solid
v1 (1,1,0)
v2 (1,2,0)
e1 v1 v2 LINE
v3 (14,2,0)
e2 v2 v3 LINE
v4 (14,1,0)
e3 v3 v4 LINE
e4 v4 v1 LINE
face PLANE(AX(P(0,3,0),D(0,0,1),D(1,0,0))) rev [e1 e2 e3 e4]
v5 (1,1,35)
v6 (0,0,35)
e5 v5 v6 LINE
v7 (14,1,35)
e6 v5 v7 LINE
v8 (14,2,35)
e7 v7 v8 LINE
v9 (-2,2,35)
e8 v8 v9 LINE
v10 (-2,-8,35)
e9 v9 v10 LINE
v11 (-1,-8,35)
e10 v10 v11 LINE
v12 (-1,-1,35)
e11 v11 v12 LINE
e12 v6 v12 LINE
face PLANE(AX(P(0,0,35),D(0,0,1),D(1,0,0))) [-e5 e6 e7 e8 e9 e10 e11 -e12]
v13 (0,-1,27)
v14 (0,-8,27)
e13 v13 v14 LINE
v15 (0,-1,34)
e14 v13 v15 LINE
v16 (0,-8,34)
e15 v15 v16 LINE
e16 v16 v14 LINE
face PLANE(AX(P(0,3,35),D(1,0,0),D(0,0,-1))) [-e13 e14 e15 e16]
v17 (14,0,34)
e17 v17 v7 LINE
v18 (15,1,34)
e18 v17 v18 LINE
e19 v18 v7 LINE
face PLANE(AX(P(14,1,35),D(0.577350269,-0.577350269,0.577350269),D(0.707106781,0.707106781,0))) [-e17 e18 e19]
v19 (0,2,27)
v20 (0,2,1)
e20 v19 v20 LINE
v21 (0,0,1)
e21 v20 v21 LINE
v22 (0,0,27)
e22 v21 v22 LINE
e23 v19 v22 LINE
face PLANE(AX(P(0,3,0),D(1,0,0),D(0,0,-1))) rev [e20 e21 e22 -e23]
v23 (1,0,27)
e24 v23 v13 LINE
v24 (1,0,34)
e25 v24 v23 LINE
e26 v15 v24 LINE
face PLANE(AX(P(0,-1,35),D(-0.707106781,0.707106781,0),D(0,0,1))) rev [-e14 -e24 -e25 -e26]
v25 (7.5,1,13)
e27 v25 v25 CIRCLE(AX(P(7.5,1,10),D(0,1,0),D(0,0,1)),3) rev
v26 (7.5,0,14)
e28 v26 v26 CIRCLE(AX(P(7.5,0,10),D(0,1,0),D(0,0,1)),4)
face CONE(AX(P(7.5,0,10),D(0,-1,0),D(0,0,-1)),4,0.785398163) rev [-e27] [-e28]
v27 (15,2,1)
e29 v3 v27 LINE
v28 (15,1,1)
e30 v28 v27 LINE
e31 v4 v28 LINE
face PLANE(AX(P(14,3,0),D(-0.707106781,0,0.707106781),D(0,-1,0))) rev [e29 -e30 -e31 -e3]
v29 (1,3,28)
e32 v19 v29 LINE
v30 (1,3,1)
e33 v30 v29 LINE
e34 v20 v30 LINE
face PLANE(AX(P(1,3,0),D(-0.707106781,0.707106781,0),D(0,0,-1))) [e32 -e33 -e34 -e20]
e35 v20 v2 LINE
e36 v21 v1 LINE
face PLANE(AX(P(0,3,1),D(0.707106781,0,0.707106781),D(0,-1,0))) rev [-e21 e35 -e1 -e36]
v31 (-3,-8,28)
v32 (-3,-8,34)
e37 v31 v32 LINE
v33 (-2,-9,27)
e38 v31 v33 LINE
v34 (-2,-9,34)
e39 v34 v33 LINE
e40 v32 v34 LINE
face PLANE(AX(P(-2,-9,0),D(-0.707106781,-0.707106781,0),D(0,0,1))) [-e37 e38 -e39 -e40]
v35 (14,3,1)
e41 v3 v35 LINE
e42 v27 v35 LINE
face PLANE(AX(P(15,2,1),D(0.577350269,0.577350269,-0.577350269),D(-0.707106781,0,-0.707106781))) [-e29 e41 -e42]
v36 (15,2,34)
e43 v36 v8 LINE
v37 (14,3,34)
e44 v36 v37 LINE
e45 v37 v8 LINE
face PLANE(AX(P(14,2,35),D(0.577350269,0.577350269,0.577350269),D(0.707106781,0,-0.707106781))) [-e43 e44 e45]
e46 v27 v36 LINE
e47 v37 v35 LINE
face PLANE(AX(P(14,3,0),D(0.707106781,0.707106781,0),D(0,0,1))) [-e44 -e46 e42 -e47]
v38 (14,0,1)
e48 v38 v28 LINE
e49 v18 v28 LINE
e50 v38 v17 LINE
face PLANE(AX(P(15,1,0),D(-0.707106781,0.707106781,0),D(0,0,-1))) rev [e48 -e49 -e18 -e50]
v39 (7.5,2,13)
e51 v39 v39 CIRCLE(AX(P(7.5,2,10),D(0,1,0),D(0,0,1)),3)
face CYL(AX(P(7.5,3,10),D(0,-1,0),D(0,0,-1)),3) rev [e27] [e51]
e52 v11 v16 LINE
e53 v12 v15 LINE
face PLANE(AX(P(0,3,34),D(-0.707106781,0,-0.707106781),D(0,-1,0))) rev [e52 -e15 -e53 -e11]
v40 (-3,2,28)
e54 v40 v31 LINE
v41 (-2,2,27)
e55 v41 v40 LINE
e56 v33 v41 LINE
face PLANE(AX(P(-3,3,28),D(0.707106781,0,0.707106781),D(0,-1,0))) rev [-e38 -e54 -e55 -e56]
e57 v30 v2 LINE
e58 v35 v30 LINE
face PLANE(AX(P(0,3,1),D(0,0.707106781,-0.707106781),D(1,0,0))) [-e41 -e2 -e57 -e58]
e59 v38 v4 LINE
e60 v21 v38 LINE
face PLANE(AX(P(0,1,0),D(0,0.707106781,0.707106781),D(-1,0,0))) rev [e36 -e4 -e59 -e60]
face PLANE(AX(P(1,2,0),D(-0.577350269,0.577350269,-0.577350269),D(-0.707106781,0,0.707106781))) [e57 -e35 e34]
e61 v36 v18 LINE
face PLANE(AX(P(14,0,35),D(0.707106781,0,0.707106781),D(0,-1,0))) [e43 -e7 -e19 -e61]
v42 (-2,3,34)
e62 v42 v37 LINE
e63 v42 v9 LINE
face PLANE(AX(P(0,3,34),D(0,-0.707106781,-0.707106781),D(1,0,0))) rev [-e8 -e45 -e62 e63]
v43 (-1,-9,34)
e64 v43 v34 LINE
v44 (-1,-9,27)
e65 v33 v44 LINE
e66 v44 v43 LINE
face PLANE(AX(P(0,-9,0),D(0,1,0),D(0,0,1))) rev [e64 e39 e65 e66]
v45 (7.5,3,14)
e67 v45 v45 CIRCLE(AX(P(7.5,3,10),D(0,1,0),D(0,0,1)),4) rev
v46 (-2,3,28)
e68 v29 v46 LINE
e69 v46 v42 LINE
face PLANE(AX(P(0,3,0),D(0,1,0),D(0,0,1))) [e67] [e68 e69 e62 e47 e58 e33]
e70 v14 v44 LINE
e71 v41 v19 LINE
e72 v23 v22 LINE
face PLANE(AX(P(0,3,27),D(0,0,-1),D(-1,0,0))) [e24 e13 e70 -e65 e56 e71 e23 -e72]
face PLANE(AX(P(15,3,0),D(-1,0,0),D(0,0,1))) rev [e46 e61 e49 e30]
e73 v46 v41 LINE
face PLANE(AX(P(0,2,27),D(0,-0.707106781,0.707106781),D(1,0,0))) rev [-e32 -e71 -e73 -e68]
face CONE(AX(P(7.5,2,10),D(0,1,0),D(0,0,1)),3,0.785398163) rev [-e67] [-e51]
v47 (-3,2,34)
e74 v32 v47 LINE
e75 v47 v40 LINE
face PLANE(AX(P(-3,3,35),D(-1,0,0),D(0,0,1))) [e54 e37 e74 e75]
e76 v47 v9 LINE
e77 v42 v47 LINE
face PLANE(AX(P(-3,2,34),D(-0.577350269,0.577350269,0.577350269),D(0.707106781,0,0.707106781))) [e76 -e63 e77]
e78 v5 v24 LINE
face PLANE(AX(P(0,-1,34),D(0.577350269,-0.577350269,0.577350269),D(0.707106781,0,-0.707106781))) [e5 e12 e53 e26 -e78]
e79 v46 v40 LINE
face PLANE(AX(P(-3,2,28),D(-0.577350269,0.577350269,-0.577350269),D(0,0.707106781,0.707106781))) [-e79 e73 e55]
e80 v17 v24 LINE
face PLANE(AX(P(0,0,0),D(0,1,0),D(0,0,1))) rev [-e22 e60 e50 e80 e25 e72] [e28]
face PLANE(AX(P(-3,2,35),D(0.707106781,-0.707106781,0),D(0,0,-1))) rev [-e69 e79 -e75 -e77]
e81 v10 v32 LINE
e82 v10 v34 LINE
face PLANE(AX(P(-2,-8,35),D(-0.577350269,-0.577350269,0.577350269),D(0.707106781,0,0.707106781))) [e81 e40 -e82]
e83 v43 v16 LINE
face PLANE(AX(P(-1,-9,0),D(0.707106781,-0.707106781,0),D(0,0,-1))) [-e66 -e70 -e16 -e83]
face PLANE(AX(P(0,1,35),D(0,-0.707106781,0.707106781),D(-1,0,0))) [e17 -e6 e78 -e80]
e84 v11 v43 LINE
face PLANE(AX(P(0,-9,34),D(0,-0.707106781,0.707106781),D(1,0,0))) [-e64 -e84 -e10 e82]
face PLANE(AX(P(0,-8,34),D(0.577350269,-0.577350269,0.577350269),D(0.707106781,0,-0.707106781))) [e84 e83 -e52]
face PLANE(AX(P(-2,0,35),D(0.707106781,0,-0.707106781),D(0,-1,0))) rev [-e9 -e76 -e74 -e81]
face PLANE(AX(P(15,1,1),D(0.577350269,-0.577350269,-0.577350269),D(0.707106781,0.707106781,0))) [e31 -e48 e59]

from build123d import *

# Parameters (mm, degrees)
SKETCH_1_W           = 15
SKETCH_1_H           = 20
SKETCH_1_R           = 3
EXTRUDE_1_DEPTH      = 3
SKETCH_2_W           = 15
SKETCH_2_H           = 15
EXTRUDE_2_DEPTH      = 3
EXTRUDE_3_DEPTH      = 9
EXTRUDE_3_DEPTH_BACK = 3
SKETCH_4_W           = 3
SKETCH_4_H           = 8
CHAMFER_1_SIZE       = 1


with BuildPart() as part:
    # 草图1 → 凸台-拉伸1 (new body)
    with BuildSketch(Plane(origin=(0, 0, 0), x_dir=(1, 0, 0), z_dir=(0, 1, 0))):
        with Locations((7.5, -10)):
            Rectangle(SKETCH_1_W, SKETCH_1_H)
        with Locations(Location((7.5, -10, 0), (0, 0, 270))):
            Circle(SKETCH_1_R, mode=Mode.SUBTRACT)
    extrude(amount=EXTRUDE_1_DEPTH)

    # 草图2 → 凸台-拉伸2 (add)
    with BuildSketch(Plane(origin=(0, 3, 0), x_dir=(1, 0, 0), z_dir=(0, 1, 0))):
        with Locations((7.5, -27.5)):
            Rectangle(SKETCH_2_W, SKETCH_2_H)
    extrude(amount=-EXTRUDE_2_DEPTH)

    # 草图4 → 凸台-拉伸3 (add, two sides: drawn at the far end of the back side and taken through both)
    with BuildSketch(Plane.XZ.offset(-EXTRUDE_3_DEPTH_BACK)):
        with Locations((-1.5, 31)):
            Rectangle(SKETCH_4_W, SKETCH_4_H)
    extrude(amount=EXTRUDE_3_DEPTH + EXTRUDE_3_DEPTH_BACK)

    # 倒角1
    chamfer_1_edges = [part.edges().sort_by_distance(p)[0] for p in [
        (7.5, 0, 7),
        (7.5, 3, 7),
        (15, 3, 17.5),
        (7.5, 3, 0),
        (7.5, 0, 35),
        (15, 1.5, 35),
        (6, 3, 35),
        (0, 0, 31),
        (0, -4.5, 35),
        (-1.5, 3, 27),
        (-3, -3, 27),
        (-3, 3, 31),
        (-3, -3, 35),
        (0, -9, 31),
        (-1.5, -9, 35),
        (-3, -9, 31),
        (0, 3, 13.5),
        (7.5, 0, 0),
        (15, 0, 17.5),
        (0, 1.5, 0),
        (15, 1.5, 0),
    ]]
    chamfer(chamfer_1_edges, length=CHAMFER_1_SIZE)


solid = part.part
